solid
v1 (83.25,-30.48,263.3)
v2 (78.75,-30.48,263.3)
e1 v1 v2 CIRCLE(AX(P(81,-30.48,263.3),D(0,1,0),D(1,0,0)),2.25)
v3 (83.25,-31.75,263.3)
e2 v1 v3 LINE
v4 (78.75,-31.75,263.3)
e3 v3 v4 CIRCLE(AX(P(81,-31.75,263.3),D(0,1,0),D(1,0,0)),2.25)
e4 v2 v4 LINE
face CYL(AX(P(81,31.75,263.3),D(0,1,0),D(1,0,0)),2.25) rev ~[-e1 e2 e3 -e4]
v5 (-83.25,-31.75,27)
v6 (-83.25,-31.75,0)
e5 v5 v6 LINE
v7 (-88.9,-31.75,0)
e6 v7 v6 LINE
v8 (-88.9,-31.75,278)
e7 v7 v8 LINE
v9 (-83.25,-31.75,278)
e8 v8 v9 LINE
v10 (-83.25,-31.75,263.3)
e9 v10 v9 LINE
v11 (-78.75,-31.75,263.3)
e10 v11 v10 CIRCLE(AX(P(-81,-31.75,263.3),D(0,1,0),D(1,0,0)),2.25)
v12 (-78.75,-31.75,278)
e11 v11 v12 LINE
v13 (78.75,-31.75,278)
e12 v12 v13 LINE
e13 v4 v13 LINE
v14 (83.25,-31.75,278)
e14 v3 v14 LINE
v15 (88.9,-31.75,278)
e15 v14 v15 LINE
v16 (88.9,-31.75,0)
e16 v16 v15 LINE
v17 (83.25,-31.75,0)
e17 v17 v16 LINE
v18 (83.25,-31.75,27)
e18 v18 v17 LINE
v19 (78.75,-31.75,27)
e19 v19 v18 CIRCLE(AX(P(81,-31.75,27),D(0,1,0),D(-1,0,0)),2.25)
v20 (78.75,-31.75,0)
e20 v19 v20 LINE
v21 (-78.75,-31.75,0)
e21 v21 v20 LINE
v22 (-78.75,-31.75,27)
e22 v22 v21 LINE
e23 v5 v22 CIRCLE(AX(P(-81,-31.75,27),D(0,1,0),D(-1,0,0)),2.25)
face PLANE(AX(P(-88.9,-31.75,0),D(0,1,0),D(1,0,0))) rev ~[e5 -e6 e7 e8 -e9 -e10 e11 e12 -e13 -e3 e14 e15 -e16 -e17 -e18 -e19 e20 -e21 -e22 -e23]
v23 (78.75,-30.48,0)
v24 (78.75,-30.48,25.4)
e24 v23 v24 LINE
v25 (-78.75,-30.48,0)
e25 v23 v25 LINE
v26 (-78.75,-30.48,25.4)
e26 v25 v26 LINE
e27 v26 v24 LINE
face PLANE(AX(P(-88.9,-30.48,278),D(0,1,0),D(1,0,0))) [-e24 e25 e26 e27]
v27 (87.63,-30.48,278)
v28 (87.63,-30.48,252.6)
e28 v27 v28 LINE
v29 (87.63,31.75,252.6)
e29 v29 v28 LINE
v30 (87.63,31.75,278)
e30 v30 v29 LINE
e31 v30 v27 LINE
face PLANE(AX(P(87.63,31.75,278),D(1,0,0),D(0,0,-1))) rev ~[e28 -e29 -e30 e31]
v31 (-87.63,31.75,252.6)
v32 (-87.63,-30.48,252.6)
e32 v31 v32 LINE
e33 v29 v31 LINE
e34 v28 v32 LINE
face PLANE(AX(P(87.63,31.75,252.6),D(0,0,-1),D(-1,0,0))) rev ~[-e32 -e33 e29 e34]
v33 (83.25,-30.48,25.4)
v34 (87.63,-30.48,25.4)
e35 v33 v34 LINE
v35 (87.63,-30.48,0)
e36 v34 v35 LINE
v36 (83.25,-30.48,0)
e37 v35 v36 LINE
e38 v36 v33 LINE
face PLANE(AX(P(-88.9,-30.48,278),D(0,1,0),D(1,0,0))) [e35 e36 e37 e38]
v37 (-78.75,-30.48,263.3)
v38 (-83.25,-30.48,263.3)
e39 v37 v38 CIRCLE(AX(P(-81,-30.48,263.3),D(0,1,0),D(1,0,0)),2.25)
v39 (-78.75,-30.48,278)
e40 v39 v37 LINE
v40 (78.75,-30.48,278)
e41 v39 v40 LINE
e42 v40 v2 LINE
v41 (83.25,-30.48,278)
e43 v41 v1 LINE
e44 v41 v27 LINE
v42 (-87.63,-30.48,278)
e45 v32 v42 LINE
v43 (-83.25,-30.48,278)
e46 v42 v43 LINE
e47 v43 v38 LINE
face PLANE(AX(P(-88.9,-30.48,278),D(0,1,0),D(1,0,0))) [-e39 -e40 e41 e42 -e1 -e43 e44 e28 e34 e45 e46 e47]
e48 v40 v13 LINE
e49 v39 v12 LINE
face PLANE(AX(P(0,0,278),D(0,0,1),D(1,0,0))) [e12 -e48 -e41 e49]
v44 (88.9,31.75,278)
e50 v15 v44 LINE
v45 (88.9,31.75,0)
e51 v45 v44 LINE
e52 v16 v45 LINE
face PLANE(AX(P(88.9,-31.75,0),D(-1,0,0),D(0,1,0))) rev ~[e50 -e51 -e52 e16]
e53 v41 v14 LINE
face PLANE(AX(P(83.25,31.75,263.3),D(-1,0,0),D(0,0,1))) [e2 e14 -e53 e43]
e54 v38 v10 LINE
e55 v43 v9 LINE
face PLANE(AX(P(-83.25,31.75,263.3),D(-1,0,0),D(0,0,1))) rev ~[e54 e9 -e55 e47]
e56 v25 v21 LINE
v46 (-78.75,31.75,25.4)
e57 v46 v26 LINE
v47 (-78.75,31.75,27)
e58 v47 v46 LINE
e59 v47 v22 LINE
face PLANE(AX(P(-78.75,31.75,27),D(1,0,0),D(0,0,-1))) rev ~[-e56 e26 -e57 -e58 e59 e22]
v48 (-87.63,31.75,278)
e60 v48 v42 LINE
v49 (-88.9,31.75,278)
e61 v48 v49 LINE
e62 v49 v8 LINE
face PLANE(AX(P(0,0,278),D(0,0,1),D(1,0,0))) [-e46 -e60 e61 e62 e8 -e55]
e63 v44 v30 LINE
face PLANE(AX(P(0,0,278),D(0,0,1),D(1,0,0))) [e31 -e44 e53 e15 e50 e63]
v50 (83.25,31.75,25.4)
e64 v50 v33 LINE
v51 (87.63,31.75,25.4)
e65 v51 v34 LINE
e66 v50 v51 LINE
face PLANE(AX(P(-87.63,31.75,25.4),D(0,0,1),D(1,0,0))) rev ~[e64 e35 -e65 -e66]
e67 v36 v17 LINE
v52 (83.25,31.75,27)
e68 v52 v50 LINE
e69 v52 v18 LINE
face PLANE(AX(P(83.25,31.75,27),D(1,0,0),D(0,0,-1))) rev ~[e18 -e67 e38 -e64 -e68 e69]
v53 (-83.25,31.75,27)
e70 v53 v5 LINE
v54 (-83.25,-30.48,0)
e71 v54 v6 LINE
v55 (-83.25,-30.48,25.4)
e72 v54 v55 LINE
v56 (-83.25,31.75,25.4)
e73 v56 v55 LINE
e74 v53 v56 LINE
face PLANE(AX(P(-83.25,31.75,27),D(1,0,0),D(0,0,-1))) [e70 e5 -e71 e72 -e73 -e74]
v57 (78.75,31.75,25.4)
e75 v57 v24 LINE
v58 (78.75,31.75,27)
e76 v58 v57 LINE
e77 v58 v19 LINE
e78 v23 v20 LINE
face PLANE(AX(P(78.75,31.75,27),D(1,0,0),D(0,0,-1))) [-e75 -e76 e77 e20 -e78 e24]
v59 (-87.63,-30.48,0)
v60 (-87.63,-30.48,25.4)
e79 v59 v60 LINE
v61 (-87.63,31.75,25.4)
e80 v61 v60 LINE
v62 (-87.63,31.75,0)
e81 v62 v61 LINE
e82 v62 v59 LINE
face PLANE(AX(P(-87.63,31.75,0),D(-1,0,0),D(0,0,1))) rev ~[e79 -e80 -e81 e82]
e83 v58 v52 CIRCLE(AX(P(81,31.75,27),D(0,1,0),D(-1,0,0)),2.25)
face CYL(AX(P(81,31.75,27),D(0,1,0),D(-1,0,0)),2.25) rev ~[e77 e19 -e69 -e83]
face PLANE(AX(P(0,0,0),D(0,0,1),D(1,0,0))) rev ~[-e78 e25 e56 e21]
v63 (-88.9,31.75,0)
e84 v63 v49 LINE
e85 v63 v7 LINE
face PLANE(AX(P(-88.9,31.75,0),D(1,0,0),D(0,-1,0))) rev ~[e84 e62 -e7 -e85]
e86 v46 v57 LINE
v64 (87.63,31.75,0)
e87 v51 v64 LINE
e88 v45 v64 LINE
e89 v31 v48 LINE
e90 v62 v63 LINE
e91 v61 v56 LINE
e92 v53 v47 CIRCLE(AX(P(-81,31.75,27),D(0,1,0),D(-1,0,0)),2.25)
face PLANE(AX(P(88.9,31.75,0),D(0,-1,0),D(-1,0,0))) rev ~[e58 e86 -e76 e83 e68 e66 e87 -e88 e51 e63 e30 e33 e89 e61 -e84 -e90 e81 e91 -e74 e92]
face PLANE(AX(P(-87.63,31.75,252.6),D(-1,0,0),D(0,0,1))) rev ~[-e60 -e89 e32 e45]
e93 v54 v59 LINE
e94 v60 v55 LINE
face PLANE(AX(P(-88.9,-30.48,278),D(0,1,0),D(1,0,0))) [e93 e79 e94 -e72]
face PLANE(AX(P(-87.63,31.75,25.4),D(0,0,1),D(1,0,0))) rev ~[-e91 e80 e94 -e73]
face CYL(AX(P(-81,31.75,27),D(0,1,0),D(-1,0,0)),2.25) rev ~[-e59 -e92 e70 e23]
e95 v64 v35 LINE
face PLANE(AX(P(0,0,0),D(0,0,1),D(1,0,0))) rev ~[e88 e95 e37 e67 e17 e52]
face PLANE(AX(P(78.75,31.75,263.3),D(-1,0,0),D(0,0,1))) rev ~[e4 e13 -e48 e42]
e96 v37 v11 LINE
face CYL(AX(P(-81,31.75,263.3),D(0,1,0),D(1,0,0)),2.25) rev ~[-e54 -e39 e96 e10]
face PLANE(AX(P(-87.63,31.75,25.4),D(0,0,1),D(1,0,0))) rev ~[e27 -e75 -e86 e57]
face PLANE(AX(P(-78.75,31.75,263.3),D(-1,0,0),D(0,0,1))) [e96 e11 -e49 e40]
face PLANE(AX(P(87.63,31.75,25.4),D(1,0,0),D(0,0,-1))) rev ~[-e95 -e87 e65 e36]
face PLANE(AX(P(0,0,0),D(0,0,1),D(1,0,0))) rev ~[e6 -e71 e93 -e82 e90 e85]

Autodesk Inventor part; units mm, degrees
ref_plane "YZ Plane" through (0, 0, 0) normal (1, 0, 0) x (0, 1, 0)
ref_plane "XZ Plane" through (0, 0, 0) normal (0, 1, 0) x (-1, 0, 0)
sketch "Sketch1" plane through (0, 0, 0) normal (0, 0, 1) x (1, 0, 0)
  line L0 (-88.9, -31.75) -> (88.9, -31.75)
  line L1 (88.9, -31.75) -> (88.9, 31.75)
  line L2 (88.9, 31.75) -> (-88.9, 31.75)
  line L3 (-88.9, 31.75) -> (-88.9, -31.75)
  line L4 (-88.9, -31.75) -> (88.9, 31.75) construction
  line L5 (88.9, -31.75) -> (-88.9, 31.75) construction
  point P0 (0, 0)
  dimension "d0" = 177.8
  dimension "d1" = 63.5
extrude "Extrusion1" add sketch "Sketch1" along normal blind 278
sketch "Sketch2" plane through (-88.9, 31.75, 0) normal (0, 1, 0) x (1, 0, 0)
  line L0 (177.8, -278) -> (0, -278) projected
  line L1 (177.8, 0) -> (0, 0) projected
  arc A0 (10.15, -263.3) -> (5.65, -263.3) centre (7.9, -263.3) ccw
  arc A1 (172.15, -263.3) -> (167.65, -263.3) centre (169.9, -263.3) ccw
  arc A2 (167.65, -27) -> (172.15, -27) centre (169.9, -27) ccw
  arc A3 (5.65, -27) -> (10.15, -27) centre (7.9, -27) ccw
  line L2 (7.9, -263.3) -> (7.9, -27) construction
  line L3 (7.9, -27) -> (169.9, -27) construction
  line L4 (169.9, -27) -> (169.9, -263.3) construction
  line L5 (7.9, -27) -> (7.9, 0) construction
  line L6 (7.9, -27) -> (0, 0) construction
  line L7 (169.9, -27) -> (177.8, 0) construction
  line L8 (167.65, -263.3) -> (167.65, -278)
  line L9 (172.15, -263.3) -> (172.15, -278)
  line L10 (5.65, -263.3) -> (5.65, -278)
  line L11 (10.15, -263.3) -> (10.15, -278)
  line L12 (10.15, -27) -> (10.15, 0)
  line L13 (5.65, -27) -> (5.65, 0)
  line L14 (172.15, -27) -> (172.15, 0)
  line L15 (167.65, -27) -> (167.65, 0)
  point P0 (88.9, 0)
  dimension "d4" = 2.25
  dimension "d5" = 236.3
  dimension "d6" = 162
  dimension "d14" = 27
extrude "Extrusion2" cut sketch "Sketch2" against normal up to surface (63.5 mm away)
ref_plane "Work Plane1" through (88.9, -30.48, 0) normal (0, -1, 0) x (1, 0, 0)
sketch "Sketch3" plane through (-88.9, 31.75, 278) normal (0, 1, 0) x (1, 0, 0)
  line L0 (0, 278) -> (0, 0) projected
  line L1 (177.8, 278) -> (177.8, 0) projected
  line L2 (176.53, 0) -> (176.53, 25.4)
  line L3 (176.53, 25.4) -> (1.27, 25.4)
  line L4 (1.27, 25.4) -> (1.27, 0)
  line L5 (1.27, 0) -> (176.53, 0)
  line L6 (1.27, 0) -> (0, 0) construction
  line L7 (177.8, 0) -> (176.53, 0) construction
  line L8 (1.27, 252.6) -> (176.53, 252.6)
  line L9 (176.53, 252.6) -> (176.53, 278)
  line L10 (176.53, 278) -> (1.27, 278)
  line L11 (1.27, 278) -> (1.27, 252.6)
  line L12 (1.27, 278) -> (0, 278) construction
  point P0 (88.9, 278)
  dimension "d9" = 1.27
  dimension "d10" = 25.4
extrude "Extrusion3" cut sketch "Sketch3" against normal up to surface (62.23 mm away)
properties part number "UHP-1500-230"
